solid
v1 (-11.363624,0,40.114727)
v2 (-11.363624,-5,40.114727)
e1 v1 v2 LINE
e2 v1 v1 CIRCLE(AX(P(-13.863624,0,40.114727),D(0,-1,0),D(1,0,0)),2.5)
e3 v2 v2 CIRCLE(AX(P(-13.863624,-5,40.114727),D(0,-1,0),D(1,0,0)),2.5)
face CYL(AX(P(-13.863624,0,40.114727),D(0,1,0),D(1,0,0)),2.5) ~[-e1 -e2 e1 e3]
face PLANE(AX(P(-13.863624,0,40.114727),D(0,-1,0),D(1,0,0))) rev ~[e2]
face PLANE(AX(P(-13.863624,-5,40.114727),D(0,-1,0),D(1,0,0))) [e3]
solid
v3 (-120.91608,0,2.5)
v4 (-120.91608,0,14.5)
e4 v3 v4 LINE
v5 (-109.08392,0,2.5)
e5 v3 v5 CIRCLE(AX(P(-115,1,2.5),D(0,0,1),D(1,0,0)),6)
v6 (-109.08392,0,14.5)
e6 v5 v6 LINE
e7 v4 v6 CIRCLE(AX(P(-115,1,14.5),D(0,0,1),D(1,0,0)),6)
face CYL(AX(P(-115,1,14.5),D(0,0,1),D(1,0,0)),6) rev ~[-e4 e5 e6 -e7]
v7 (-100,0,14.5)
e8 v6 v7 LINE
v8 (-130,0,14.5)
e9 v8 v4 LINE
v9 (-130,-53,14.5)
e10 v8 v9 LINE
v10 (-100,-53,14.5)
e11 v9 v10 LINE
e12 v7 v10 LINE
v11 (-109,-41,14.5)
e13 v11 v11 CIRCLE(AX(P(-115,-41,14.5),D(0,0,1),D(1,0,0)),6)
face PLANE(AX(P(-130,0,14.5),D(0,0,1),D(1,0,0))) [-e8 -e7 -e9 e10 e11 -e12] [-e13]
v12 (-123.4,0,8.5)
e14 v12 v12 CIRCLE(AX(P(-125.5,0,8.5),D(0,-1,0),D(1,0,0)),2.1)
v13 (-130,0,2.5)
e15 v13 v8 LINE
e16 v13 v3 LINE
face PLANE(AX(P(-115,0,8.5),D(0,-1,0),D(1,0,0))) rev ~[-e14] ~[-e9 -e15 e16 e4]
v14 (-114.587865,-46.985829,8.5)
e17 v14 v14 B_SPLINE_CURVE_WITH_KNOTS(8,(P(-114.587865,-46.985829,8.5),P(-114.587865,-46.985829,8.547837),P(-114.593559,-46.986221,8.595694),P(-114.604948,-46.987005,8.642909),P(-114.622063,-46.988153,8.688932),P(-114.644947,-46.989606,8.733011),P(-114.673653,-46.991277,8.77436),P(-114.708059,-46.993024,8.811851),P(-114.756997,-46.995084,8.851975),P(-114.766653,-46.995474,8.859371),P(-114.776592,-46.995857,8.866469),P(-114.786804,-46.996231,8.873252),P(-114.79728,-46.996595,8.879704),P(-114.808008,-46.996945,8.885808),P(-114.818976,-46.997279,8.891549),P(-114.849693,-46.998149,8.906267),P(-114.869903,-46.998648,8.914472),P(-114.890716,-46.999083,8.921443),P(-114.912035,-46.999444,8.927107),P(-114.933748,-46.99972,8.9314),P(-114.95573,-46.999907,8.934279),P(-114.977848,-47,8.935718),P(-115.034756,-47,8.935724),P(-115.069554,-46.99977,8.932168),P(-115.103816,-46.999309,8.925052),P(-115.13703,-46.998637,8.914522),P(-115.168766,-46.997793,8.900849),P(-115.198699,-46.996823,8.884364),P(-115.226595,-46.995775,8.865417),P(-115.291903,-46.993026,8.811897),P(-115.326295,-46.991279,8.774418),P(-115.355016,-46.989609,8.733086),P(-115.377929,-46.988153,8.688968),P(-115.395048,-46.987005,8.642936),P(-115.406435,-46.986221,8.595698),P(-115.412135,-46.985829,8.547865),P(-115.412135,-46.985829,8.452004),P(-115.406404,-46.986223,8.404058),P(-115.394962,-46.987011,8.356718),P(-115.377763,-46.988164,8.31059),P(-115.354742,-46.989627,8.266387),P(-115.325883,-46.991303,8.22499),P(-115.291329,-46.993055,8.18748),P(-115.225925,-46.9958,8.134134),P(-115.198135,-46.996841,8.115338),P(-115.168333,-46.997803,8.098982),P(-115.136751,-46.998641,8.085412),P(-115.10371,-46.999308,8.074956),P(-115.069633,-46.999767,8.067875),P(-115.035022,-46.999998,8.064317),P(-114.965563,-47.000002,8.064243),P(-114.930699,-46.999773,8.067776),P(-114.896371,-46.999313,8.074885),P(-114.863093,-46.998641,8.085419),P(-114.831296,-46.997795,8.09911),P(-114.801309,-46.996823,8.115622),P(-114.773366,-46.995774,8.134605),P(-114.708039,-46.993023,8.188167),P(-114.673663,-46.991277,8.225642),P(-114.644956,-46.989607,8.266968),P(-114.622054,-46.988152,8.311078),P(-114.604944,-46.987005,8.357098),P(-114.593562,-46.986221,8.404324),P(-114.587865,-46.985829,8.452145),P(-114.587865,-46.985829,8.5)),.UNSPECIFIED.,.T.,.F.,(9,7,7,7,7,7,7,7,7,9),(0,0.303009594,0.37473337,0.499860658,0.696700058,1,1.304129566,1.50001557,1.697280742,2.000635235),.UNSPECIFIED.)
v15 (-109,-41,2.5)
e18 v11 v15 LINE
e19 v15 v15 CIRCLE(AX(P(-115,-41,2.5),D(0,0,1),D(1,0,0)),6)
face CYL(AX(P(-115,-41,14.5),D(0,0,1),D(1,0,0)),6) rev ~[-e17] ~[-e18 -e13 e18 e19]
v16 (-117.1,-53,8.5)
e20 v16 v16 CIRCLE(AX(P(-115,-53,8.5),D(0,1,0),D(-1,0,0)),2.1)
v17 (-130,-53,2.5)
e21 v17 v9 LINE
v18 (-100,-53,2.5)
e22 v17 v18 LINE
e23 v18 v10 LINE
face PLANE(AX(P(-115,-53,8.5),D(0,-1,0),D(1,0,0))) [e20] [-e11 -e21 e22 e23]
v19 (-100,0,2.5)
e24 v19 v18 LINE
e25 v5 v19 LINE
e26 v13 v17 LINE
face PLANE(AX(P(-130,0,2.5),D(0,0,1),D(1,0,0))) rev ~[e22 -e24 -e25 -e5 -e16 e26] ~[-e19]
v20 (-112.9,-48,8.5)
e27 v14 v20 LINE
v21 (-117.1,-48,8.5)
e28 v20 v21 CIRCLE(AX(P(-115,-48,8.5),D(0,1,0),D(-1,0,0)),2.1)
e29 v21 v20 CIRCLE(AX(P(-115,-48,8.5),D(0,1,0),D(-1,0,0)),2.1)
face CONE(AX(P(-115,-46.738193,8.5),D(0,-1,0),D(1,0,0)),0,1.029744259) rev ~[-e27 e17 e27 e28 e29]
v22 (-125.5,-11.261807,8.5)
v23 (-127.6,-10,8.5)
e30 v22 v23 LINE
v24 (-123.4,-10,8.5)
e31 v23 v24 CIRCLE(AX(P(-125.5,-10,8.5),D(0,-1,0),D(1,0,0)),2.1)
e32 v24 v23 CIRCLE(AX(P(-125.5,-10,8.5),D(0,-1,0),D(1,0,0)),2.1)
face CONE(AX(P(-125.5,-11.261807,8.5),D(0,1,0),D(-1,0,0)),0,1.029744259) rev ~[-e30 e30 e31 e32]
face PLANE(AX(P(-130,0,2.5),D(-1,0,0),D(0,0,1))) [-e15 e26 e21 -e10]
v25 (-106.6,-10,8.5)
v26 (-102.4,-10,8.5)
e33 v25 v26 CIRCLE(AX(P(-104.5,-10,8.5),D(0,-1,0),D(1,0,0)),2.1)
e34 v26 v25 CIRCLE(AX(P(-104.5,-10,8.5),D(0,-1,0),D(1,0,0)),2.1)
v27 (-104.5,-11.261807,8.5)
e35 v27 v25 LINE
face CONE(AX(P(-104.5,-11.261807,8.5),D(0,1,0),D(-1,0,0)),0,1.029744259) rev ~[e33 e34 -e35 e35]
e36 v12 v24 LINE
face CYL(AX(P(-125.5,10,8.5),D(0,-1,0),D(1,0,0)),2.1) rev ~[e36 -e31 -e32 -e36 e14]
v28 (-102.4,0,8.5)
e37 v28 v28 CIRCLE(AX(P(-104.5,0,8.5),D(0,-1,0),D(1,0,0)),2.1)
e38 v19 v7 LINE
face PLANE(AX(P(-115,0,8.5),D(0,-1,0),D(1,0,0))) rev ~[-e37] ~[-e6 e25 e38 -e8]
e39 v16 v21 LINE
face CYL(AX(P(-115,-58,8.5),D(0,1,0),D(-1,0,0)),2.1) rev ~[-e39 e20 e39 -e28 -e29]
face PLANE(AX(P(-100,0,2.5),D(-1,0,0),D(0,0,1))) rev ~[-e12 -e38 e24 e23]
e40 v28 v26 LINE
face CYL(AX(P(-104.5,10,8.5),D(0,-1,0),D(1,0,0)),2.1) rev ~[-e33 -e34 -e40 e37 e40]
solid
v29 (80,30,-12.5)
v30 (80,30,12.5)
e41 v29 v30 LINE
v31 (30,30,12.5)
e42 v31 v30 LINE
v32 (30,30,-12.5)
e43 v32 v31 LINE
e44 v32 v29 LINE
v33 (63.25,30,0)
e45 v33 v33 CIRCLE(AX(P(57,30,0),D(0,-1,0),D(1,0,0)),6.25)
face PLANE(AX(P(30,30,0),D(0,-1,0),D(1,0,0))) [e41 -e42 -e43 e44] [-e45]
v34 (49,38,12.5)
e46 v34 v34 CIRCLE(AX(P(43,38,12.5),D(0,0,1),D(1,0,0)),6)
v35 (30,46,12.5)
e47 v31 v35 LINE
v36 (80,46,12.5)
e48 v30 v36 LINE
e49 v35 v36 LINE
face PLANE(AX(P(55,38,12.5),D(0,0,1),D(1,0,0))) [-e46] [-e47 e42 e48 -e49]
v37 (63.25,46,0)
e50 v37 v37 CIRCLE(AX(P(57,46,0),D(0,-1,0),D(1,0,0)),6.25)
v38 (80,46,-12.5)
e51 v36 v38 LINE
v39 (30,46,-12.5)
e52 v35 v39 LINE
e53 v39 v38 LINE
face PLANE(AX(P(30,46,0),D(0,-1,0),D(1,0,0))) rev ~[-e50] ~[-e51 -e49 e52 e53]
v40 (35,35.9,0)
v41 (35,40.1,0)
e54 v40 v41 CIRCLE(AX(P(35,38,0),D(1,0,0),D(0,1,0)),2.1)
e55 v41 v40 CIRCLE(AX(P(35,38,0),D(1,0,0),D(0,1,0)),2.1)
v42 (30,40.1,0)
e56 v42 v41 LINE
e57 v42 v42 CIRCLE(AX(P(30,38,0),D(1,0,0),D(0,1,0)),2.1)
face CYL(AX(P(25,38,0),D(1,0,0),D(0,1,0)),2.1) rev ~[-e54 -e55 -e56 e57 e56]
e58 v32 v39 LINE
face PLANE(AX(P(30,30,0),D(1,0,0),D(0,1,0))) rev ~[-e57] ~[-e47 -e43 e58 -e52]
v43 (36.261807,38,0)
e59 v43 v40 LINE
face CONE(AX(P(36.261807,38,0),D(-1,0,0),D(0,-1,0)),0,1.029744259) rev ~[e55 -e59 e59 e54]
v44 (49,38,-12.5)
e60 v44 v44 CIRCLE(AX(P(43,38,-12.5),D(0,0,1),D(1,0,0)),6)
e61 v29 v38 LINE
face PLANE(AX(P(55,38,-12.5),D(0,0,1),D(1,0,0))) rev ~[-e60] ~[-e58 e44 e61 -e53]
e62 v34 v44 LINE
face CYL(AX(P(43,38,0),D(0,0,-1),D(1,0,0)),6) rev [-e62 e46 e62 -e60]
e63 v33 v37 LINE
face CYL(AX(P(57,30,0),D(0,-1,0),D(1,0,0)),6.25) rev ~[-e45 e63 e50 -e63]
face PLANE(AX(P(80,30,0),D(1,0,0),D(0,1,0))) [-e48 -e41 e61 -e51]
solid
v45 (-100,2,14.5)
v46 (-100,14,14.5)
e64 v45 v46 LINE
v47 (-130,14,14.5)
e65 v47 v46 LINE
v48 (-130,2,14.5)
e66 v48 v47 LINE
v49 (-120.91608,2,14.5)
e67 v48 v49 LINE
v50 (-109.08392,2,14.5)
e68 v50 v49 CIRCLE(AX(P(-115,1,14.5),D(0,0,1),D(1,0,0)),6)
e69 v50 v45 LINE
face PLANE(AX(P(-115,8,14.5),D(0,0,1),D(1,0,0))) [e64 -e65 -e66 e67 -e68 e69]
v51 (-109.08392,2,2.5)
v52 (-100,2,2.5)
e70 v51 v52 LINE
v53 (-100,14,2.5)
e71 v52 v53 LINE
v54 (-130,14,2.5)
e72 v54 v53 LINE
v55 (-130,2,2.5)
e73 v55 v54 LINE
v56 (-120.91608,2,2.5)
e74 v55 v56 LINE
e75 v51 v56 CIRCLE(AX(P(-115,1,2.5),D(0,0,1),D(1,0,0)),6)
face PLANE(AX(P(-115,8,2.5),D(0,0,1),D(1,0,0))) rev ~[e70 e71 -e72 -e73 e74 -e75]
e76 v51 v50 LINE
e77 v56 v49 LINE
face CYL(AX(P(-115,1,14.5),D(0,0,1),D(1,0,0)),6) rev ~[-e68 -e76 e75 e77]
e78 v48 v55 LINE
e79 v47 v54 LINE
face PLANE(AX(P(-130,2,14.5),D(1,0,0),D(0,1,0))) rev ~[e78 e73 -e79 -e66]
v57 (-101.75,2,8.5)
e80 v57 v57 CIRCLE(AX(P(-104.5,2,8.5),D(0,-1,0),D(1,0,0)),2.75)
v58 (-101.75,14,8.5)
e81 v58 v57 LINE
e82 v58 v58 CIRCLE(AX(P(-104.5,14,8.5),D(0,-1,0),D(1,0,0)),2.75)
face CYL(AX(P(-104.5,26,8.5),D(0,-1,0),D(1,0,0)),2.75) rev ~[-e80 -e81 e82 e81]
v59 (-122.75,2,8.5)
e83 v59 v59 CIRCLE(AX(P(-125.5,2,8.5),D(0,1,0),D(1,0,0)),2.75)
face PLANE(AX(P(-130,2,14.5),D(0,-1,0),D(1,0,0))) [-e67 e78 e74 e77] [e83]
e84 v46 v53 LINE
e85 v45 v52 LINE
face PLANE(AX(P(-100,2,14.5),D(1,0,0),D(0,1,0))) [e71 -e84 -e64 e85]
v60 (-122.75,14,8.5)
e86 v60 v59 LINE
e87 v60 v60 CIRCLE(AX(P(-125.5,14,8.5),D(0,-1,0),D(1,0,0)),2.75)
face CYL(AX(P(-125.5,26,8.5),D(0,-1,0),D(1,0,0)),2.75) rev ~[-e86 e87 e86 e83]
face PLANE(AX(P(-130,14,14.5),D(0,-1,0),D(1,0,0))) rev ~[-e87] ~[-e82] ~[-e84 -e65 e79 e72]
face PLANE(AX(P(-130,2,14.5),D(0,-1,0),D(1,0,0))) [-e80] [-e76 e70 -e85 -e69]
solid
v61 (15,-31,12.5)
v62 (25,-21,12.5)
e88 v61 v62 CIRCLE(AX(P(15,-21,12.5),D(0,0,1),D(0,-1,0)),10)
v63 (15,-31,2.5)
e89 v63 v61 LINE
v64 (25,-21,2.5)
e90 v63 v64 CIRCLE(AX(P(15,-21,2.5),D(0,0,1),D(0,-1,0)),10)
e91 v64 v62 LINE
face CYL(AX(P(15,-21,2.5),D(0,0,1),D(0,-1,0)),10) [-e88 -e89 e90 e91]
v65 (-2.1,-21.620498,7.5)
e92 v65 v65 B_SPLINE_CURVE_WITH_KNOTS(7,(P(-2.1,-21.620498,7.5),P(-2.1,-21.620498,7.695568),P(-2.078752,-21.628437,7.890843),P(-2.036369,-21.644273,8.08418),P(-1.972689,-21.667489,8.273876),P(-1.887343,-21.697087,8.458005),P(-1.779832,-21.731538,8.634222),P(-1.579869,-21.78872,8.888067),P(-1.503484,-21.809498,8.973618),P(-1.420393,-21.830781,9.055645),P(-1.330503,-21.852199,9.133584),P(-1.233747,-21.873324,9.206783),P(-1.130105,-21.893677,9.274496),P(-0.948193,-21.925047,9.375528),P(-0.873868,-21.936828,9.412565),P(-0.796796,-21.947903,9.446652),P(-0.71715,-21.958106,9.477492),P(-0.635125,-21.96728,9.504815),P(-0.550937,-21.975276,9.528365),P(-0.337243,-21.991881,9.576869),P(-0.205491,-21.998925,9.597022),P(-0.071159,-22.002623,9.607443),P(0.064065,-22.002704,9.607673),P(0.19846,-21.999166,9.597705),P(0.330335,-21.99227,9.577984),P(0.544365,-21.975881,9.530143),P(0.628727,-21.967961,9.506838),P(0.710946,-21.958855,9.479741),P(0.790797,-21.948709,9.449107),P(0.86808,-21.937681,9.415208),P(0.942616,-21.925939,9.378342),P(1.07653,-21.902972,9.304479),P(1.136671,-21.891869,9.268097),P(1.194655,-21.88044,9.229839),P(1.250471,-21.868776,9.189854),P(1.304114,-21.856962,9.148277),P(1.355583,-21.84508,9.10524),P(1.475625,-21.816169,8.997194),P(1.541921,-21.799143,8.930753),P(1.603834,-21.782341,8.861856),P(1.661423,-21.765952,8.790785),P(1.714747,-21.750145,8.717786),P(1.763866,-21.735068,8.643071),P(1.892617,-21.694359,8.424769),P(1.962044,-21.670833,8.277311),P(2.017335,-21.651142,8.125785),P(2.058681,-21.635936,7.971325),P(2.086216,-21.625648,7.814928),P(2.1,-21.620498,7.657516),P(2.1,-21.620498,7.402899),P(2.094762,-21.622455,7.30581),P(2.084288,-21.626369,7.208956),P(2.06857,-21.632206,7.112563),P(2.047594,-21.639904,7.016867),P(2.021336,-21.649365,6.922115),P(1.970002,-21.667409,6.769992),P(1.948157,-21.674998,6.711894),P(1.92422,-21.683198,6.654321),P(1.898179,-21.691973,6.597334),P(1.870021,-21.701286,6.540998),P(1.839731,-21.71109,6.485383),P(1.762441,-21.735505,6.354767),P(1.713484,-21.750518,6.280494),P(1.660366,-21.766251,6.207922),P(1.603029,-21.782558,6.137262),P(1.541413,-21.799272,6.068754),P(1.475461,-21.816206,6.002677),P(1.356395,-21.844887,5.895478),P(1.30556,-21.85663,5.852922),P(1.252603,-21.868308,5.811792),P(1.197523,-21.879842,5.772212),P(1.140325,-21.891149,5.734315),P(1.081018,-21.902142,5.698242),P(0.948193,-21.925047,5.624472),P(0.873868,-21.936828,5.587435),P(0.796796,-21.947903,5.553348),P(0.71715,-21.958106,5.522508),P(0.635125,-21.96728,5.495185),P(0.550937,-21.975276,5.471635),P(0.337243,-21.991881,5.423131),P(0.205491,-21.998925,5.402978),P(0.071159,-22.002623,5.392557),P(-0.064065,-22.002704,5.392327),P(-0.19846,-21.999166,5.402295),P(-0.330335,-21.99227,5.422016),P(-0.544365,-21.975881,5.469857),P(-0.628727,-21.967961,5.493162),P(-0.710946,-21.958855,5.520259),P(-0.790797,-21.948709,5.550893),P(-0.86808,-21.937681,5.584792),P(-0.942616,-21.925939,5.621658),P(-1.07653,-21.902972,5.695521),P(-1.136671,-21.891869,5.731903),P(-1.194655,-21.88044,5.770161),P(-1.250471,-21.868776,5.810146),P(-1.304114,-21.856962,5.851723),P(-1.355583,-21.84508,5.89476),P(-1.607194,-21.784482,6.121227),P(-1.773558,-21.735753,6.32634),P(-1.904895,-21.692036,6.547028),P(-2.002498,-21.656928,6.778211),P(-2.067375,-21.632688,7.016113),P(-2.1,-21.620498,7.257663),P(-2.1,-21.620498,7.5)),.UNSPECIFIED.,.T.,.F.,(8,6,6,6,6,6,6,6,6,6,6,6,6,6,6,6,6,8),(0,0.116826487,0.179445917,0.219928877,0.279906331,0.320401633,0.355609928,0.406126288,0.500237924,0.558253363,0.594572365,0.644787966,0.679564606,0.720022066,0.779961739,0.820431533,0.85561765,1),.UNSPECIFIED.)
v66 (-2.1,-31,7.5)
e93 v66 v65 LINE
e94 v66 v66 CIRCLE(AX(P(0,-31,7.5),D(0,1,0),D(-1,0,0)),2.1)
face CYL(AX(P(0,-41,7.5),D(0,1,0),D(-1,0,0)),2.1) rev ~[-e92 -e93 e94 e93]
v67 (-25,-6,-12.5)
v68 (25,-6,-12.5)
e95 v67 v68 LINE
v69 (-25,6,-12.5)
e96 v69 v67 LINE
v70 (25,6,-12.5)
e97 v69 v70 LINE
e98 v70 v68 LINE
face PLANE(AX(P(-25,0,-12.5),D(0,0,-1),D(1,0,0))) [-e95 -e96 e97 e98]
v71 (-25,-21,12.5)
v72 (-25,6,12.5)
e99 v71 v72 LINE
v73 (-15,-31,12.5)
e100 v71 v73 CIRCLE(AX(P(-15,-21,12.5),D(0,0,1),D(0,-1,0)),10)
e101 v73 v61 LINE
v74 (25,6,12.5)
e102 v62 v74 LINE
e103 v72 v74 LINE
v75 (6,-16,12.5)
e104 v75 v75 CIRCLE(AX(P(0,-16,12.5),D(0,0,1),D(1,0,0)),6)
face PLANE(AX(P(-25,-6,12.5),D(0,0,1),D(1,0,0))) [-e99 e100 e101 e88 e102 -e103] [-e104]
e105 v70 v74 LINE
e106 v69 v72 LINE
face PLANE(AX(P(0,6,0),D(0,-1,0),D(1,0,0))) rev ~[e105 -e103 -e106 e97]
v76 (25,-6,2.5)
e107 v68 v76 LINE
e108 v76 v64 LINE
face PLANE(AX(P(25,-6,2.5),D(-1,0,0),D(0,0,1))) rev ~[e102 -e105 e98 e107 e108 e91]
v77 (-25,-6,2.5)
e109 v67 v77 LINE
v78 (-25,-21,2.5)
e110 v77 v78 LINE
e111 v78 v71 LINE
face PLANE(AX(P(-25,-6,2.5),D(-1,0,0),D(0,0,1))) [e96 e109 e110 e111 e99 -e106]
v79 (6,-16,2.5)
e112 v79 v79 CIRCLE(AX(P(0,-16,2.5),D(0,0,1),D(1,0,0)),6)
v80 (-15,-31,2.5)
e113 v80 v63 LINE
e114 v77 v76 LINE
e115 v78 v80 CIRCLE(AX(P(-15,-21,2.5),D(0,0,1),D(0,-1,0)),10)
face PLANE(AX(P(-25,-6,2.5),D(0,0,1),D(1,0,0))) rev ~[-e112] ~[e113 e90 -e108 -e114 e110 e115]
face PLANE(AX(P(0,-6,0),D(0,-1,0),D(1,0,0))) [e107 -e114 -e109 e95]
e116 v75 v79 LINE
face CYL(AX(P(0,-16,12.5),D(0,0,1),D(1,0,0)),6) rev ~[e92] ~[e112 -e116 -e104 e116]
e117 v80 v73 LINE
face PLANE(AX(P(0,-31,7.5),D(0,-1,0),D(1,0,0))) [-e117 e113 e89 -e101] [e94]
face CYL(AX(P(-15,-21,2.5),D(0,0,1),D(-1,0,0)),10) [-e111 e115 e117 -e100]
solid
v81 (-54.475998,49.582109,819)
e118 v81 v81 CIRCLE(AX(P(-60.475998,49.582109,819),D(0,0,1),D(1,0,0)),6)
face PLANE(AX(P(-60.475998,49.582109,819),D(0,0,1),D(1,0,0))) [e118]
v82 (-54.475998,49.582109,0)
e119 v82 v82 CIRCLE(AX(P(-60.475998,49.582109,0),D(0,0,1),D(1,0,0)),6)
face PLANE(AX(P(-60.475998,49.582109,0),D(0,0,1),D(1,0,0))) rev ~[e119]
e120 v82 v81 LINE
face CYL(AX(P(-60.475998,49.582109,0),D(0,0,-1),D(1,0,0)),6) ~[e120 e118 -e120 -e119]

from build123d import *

# Parameters (mm, degrees)
F0_W      = 50
F0_H      = 25
F1_DEPTH  = 6
F2_W      = 50
F2_H      = 10
F3_DEPTH  = 25
F4_R      = 6
F5_DEPTH  = 25.001
F6_R      = 10
F7_W      = 30
F7_H      = 12
F8_DEPTH  = 53
F9_R      = 6
F10_DEPTH = 25
F11_W     = 30
F11_H     = 12
F12_DEPTH = 12
F13_R     = 6
F14_DEPTH = 27.001
F15_R     = 6
F16_DEPTH = 27.001
F17_R     = 6
F18_DEPTH = 819
F19_W     = 50
F19_H     = 16
F19_R     = 6
F20_DEPTH = 12.5
F21_R     = 6.25
F22_DEPTH = 25
F24_D     = 4.2
F24_DEPTH = 10
F24_TIP   = 1.2618073
F26_D     = 5.5
F26_DEPTH = 12
F26_TIP   = 1.6523667023
F28_D     = 4.2
F28_DEPTH = 10
F28_TIP   = 1.2618073
F30_D     = 4.2
F30_DEPTH = 5
F30_TIP   = 1.2618073
F32_D     = 4.2
F32_DEPTH = 5
F32_TIP   = 1.2618073
F33_R     = 2.5
F34_DEPTH = 5


with BuildPart() as f1:
    # F0 (on Front) → F1 (new body, symmetric)
    with BuildSketch(Plane.XZ):
        Rectangle(F0_W, F0_H)
    extrude(amount=F1_DEPTH, both=True)

    # F2 (on face) → F3 (join)
    with BuildSketch(Plane.XZ.offset(6)):
        with Locations((0, 7.5)):
            Rectangle(F2_W, F2_H)
    extrude(amount=F3_DEPTH)

    # F4 (on face) → F5 (cut, through all)
    with BuildSketch(Plane.XY.offset(12.5)):
        with Locations((0, -16)):
            Circle(F4_R)
    extrude(amount=-F5_DEPTH, mode=Mode.SUBTRACT)

    # F6
    f6_edges = [f1.edges().sort_by_distance(p)[0] for p in [
        (-25, -31, 7.5),
        (25, -31, 7.5),
    ]]
    fillet(f6_edges, radius=F6_R)

    # F24
    with Locations(Plane.XZ.offset(31)):
        with Locations((0, 7.5)):
            Hole(F24_D / 2, depth=F24_DEPTH)
            with Locations((0, 0, -(F24_DEPTH + F24_TIP / 2))):  # 118° drill point
                Cone(0, F24_D / 2, F24_TIP, mode=Mode.SUBTRACT)


with BuildPart() as f8:
    # F7 (on Front) → F8 (new body)
    with BuildSketch(Plane.XZ):
        with Locations((-115, 8.5)):
            Rectangle(F7_W, F7_H)
    extrude(amount=F8_DEPTH)

    # F9 (on face) → F10 (cut)
    with BuildSketch(Plane.XY.offset(14.5)):
        with Locations((-115, 1)):
            Circle(F9_R)
    extrude(amount=-F10_DEPTH, mode=Mode.SUBTRACT)

    # F15 (on face) → F16 (cut, through all)
    with BuildSketch(Plane.XY.offset(14.5)):
        with Locations((-115, -41)):
            Circle(F15_R)
    extrude(amount=-F16_DEPTH, mode=Mode.SUBTRACT)

    # F28
    with Locations(Plane(origin=(0, 0, 0), x_dir=(-1, 0, 0), z_dir=(0, 1, 0))):
        with Locations((104.5, 8.5), (125.5, 8.5)):
            Hole(F28_D / 2, depth=F28_DEPTH)
            with Locations((0, 0, -(F28_DEPTH + F28_TIP / 2))):  # 118° drill point
                Cone(0, F28_D / 2, F28_TIP, mode=Mode.SUBTRACT)

    # F30
    with Locations(Plane.XZ.offset(53)):
        with Locations((-115, 8.5)):
            Hole(F30_D / 2, depth=F30_DEPTH)
            with Locations((0, 0, -(F30_DEPTH + F30_TIP / 2))):  # 118° drill point
                Cone(0, F30_D / 2, F30_TIP, mode=Mode.SUBTRACT)


with BuildPart() as f12:
    # F11 (on face) → F12 (new body)
    with BuildSketch(Plane.XY.offset(14.5)):
        with Locations((-115, 8)):
            Rectangle(F11_W, F11_H)
    extrude(amount=-F12_DEPTH)

    # F13 (on face) → F14 (cut, through all)
    with BuildSketch(Plane.XY.offset(14.5)):
        with Locations((-115, 1)):
            Circle(F13_R)
    extrude(amount=-F14_DEPTH, mode=Mode.SUBTRACT)

    # F26
    with Locations(Plane(origin=(0, 14, 0), x_dir=(-1, 0, 0), z_dir=(0, 1, 0))):
        with Locations((104.5, 8.5), (125.5, 8.5)):
            Hole(F26_D / 2, depth=F26_DEPTH)
            with Locations((0, 0, -(F26_DEPTH + F26_TIP / 2))):  # 118° drill point
                Cone(0, F26_D / 2, F26_TIP, mode=Mode.SUBTRACT)


with BuildPart() as f18:
    # F17 (on Top) → F18 (new body)
    with BuildSketch(Plane.XY):
        with Locations((-60.4759976268, 49.5821088552)):
            Circle(F17_R)
    extrude(amount=F18_DEPTH)


with BuildPart() as f20:
    # F19 (on Top) → F20 (new body, symmetric)
    with BuildSketch(Plane.XY):
        with Locations((55, 38)):
            Rectangle(F19_W, F19_H)
        with Locations((43, 38)):
            Circle(F19_R, mode=Mode.SUBTRACT)
    extrude(amount=F20_DEPTH, both=True)

    # F21 (on face) → F22 (cut)
    with BuildSketch(Plane.XZ.offset(-30)):
        with Locations((57, 0)):
            Circle(F21_R)
    extrude(amount=-F22_DEPTH, mode=Mode.SUBTRACT)

    # F32
    with Locations(Plane(origin=(30, 0, 0), x_dir=(0, -1, 0), z_dir=(-1, 0, 0))):
        with Locations((-38, 0)):
            Hole(F32_D / 2, depth=F32_DEPTH)
            with Locations((0, 0, -(F32_DEPTH + F32_TIP / 2))):  # 118° drill point
                Cone(0, F32_D / 2, F32_TIP, mode=Mode.SUBTRACT)


with BuildPart() as f34:
    # F33 (on Front) → F34 (new body)
    with BuildSketch(Plane.XZ):
        with Locations((-13.8636240736, 40.1147268713)):
            Circle(F33_R)
    extrude(amount=F34_DEPTH)


solid = Compound([f1.part, f8.part, f12.part, f18.part, f20.part, f34.part])
